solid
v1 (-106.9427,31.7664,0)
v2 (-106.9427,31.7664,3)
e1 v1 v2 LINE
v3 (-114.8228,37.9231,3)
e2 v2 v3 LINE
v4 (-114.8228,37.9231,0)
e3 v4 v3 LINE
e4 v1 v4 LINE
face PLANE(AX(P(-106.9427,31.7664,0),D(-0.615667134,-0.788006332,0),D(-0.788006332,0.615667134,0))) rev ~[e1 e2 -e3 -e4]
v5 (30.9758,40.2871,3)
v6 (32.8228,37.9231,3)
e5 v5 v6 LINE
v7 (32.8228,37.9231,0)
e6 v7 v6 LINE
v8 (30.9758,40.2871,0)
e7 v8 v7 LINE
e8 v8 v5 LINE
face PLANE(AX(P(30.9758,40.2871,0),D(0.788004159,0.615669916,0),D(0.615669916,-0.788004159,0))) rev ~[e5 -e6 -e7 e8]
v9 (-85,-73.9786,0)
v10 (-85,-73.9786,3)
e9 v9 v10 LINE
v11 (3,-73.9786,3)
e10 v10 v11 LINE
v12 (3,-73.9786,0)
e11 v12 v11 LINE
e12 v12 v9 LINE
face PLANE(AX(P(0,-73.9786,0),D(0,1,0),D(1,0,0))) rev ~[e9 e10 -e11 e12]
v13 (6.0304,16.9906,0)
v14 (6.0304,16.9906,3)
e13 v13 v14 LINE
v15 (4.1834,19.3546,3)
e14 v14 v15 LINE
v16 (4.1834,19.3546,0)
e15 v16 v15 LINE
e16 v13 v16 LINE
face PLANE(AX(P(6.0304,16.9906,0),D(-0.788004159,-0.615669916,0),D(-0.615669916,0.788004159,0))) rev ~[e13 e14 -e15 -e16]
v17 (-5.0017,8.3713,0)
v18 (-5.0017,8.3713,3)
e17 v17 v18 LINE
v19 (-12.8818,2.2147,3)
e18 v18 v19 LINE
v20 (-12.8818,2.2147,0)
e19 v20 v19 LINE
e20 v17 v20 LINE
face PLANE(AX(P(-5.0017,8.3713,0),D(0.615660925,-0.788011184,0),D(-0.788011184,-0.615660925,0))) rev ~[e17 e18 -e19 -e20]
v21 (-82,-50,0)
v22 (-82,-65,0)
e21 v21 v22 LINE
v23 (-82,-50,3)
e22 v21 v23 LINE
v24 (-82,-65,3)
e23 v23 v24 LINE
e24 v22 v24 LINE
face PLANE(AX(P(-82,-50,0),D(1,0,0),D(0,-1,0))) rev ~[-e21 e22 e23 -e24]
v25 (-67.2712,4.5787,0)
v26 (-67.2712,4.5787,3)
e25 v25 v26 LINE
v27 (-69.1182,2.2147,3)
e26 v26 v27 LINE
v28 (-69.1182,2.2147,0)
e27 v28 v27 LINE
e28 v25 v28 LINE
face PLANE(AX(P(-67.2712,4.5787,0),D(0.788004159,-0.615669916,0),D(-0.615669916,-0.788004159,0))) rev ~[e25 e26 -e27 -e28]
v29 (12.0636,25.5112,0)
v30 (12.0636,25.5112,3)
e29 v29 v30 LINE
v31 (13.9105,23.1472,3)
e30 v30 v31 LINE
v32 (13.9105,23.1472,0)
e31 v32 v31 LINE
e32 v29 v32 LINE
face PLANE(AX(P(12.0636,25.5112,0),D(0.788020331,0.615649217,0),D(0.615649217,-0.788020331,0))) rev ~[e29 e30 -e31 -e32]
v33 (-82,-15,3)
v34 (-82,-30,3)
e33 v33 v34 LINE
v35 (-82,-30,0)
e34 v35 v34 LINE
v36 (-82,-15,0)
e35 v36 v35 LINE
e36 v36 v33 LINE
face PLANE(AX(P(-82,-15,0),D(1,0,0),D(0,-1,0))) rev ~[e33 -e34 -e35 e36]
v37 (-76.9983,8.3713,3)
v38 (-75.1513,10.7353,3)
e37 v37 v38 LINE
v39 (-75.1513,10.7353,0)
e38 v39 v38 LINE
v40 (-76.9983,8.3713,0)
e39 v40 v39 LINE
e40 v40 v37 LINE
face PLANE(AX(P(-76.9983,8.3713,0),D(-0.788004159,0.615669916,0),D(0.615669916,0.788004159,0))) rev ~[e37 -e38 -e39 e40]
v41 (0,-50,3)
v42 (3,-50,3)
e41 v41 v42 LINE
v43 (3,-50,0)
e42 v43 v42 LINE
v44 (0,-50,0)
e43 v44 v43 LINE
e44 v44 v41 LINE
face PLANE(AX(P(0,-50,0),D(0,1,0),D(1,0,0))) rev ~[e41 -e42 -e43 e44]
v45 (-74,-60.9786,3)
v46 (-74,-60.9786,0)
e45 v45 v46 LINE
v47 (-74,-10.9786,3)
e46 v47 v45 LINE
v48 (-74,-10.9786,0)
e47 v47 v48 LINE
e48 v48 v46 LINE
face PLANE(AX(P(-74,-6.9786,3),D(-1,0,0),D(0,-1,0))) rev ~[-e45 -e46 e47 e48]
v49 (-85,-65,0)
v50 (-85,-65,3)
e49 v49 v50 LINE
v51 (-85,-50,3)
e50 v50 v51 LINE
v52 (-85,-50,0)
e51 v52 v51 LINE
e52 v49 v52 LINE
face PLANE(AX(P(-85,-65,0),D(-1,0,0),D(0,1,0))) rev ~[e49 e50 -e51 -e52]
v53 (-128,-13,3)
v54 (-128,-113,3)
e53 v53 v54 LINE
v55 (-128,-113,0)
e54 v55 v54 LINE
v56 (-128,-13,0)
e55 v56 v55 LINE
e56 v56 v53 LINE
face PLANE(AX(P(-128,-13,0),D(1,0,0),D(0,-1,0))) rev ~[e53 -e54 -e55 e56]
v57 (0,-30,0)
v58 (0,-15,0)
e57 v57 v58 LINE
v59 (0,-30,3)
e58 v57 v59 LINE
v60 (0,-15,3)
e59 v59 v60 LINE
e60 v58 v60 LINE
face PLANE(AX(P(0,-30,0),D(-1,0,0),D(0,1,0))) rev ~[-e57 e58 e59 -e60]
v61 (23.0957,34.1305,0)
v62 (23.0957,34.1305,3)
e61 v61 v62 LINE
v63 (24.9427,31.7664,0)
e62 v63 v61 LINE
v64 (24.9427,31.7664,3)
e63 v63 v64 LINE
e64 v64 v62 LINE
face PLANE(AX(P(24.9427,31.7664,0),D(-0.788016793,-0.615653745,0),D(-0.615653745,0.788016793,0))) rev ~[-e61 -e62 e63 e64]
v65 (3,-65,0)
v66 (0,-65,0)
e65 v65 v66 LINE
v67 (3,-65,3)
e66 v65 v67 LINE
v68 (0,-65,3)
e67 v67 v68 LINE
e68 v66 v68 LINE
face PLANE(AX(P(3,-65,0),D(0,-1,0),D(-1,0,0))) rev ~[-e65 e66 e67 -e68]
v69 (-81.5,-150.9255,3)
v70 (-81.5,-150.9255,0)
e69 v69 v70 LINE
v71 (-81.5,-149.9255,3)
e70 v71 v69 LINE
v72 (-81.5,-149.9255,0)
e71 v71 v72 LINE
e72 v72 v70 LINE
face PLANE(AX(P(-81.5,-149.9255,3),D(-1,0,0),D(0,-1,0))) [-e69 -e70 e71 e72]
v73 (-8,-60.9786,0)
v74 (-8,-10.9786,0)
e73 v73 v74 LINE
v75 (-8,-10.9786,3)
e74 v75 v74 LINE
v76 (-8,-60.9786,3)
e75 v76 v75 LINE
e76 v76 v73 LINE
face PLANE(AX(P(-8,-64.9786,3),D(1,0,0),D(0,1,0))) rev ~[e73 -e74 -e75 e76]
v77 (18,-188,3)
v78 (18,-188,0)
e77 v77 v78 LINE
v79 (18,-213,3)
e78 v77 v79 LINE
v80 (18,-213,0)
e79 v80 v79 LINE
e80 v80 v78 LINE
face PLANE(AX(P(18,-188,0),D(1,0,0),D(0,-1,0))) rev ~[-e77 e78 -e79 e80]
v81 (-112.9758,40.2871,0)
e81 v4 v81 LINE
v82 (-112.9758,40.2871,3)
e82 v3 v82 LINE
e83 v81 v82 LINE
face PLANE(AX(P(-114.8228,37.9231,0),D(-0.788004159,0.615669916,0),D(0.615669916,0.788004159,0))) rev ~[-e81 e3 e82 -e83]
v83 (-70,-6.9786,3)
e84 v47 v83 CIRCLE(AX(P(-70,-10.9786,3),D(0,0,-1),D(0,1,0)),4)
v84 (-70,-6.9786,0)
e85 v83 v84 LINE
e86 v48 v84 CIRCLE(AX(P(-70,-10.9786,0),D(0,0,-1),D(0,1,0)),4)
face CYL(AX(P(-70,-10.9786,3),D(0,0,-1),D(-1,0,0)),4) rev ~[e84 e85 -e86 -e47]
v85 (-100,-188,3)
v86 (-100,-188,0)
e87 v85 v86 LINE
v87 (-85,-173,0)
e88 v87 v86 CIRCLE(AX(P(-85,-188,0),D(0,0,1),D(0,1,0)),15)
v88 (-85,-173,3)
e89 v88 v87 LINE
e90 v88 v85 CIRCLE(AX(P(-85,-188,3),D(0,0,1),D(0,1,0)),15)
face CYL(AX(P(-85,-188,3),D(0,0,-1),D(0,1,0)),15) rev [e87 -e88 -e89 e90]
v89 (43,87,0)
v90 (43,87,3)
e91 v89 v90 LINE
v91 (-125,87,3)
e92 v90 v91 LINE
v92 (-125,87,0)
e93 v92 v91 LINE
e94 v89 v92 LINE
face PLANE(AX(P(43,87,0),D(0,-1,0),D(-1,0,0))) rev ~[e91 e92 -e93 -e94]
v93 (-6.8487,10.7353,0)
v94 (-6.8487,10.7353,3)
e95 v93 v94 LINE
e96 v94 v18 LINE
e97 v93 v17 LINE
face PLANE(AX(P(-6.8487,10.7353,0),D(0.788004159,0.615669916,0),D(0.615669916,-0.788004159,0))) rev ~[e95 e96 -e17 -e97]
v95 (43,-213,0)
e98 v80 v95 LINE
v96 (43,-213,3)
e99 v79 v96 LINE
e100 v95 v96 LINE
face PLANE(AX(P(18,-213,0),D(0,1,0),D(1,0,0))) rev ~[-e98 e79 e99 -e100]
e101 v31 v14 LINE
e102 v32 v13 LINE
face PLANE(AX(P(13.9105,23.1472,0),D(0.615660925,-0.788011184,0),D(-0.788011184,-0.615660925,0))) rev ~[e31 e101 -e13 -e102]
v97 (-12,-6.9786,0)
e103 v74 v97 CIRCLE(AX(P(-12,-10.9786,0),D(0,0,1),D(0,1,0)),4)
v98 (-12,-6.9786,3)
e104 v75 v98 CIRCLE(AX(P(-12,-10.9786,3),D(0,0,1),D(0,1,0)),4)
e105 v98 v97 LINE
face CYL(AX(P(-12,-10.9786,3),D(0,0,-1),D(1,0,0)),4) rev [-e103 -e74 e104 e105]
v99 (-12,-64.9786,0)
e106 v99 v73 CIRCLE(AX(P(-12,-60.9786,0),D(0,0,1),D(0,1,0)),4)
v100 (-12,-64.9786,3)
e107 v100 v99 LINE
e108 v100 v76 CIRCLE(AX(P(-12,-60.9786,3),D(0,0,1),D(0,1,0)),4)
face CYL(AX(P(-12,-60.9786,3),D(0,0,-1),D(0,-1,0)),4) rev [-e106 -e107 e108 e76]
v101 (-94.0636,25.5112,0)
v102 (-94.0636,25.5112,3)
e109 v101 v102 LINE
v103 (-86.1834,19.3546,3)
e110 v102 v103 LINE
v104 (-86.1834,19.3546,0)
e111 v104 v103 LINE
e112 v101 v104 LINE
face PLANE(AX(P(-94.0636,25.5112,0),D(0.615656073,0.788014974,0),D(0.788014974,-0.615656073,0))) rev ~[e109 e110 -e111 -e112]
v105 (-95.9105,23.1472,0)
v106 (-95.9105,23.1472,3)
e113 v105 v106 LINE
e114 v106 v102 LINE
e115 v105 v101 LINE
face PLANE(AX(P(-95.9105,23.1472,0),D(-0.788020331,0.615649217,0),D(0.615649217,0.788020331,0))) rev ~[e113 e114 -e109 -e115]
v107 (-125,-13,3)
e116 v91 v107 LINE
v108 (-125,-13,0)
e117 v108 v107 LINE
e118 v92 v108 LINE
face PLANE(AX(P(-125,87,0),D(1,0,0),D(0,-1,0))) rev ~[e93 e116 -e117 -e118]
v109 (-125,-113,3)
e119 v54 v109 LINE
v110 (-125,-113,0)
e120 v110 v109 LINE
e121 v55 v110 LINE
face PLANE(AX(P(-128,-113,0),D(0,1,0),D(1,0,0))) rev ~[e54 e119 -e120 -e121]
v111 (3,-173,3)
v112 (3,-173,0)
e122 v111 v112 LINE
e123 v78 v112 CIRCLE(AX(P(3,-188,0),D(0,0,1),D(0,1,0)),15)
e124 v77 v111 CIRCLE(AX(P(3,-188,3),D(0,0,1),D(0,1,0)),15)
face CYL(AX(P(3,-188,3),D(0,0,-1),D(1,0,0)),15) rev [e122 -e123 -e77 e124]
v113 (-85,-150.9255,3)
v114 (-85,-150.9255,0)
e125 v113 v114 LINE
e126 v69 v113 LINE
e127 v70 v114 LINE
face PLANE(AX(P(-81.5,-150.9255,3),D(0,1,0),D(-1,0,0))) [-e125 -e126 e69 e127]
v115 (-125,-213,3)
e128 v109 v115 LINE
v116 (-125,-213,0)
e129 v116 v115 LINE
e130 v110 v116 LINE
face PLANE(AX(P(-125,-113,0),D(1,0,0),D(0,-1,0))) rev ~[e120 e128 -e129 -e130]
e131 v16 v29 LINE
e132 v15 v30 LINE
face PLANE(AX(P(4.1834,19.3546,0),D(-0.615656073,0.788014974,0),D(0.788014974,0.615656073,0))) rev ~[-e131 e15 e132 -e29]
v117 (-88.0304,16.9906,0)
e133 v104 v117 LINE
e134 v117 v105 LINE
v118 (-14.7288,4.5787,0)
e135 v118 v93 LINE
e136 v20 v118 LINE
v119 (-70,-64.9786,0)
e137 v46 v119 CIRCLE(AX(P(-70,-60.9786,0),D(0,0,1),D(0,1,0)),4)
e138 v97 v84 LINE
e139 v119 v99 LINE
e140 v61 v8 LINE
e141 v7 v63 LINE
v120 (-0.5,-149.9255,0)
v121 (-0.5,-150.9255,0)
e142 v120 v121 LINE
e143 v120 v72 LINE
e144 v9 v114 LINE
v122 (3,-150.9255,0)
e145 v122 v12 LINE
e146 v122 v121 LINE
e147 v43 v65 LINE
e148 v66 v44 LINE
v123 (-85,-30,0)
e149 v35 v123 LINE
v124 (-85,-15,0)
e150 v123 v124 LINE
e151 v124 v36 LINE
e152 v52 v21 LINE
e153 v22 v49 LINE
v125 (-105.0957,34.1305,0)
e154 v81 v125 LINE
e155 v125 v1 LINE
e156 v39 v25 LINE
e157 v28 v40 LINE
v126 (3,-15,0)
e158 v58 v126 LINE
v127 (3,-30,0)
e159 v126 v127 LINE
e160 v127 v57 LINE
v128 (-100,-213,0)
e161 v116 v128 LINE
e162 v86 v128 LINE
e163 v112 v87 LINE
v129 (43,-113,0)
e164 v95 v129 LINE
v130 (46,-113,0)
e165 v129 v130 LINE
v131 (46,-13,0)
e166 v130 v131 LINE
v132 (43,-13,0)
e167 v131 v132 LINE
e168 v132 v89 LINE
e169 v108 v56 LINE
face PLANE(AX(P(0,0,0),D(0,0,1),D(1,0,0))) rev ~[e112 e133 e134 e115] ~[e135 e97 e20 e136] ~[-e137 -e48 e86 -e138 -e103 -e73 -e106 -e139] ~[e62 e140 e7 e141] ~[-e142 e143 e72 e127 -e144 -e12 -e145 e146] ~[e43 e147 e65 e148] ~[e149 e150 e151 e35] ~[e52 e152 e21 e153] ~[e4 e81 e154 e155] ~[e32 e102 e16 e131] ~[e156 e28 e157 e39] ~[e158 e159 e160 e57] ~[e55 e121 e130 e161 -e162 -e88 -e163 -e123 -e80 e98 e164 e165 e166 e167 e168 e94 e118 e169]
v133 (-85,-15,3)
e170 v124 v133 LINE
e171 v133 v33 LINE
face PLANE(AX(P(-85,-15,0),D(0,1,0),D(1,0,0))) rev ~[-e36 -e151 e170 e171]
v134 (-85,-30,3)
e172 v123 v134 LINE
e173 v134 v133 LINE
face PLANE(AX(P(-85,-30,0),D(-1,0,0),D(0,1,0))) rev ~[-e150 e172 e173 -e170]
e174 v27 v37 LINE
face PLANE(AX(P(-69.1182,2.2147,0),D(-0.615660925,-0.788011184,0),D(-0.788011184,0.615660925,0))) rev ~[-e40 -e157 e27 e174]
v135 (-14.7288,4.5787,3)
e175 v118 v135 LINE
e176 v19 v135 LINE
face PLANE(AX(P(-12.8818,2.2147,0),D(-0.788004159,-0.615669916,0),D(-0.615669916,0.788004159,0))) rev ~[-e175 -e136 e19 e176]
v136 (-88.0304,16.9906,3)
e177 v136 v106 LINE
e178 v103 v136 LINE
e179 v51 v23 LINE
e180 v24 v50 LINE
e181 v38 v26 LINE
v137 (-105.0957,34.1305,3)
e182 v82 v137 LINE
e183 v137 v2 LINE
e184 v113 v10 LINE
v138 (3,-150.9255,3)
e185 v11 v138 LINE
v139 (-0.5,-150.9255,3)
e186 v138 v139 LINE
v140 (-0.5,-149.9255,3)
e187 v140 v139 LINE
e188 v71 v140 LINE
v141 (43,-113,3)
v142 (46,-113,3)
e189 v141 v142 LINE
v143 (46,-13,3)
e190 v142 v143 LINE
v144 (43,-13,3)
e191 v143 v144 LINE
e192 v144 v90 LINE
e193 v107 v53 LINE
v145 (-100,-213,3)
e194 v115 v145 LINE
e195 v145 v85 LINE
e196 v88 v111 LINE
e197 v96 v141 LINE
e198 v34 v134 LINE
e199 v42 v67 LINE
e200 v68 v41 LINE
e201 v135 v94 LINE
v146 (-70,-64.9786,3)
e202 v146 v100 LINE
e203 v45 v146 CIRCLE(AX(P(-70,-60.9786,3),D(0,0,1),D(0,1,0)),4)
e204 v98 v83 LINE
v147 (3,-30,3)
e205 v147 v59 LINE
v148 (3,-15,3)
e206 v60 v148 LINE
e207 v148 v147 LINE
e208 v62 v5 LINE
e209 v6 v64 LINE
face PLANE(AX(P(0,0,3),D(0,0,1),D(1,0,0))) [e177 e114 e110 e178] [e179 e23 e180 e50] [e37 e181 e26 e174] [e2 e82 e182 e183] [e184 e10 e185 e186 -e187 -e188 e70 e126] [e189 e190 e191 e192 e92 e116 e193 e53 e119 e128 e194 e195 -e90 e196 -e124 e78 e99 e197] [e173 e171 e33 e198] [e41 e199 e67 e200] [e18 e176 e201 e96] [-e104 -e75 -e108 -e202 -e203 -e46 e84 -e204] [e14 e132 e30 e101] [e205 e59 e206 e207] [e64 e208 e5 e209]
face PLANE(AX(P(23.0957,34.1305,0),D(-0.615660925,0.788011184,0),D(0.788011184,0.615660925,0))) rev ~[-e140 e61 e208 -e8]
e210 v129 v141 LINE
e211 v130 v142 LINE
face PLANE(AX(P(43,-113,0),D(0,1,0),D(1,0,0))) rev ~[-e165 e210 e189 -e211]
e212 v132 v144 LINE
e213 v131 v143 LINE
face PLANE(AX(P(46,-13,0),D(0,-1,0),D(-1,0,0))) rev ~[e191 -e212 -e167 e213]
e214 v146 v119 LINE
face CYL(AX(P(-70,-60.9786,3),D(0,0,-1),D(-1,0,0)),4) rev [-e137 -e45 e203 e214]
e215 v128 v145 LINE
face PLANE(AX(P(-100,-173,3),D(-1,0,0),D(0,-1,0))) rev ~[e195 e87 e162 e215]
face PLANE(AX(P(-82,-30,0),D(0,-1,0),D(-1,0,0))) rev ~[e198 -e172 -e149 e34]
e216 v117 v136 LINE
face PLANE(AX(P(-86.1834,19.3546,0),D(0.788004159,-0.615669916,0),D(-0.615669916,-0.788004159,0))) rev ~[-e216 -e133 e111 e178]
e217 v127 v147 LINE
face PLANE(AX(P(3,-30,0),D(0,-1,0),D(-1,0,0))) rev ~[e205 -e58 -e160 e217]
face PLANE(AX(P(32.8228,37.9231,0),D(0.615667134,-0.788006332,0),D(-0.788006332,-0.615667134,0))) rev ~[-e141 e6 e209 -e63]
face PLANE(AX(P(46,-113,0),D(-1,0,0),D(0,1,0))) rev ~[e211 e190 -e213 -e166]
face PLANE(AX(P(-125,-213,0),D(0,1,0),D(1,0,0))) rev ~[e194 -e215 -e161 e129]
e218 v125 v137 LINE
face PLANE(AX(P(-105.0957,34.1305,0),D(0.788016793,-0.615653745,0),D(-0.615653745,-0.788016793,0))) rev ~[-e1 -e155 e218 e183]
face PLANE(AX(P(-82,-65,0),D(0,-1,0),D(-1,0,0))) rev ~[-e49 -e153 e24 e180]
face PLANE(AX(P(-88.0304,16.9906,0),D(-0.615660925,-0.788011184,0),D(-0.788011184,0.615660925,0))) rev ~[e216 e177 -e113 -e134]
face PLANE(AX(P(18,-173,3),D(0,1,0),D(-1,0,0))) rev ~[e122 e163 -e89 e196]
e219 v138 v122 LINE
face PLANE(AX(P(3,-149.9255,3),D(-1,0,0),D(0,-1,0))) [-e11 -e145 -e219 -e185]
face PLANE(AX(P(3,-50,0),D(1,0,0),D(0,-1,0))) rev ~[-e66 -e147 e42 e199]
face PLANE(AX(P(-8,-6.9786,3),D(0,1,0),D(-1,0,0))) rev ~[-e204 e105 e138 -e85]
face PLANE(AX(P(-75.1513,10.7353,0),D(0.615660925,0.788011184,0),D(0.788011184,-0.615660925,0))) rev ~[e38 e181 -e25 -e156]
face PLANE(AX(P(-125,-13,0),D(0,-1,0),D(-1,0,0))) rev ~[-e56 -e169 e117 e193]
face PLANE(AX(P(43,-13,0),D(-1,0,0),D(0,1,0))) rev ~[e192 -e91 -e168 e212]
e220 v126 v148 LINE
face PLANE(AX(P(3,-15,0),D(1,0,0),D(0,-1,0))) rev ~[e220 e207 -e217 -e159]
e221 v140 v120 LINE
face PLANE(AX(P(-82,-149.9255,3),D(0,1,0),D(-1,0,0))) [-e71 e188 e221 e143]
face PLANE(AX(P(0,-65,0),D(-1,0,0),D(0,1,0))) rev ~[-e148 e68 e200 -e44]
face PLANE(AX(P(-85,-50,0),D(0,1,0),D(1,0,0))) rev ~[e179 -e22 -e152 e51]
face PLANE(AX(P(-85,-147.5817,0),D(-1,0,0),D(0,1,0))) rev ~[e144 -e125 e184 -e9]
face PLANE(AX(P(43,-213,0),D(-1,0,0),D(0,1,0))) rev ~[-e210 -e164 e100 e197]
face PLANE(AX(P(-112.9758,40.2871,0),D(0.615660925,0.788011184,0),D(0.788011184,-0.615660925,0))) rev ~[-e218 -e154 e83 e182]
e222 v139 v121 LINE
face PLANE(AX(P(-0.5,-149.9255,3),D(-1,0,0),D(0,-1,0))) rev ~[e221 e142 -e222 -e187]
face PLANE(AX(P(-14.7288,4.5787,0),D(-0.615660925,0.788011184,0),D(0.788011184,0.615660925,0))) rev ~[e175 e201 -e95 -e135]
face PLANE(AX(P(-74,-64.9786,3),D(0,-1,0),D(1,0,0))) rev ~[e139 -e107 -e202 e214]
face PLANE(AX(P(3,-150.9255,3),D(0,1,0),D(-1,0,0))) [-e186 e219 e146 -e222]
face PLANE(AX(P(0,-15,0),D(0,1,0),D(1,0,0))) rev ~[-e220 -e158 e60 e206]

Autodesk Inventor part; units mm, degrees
ref_plane "YZ Plane" through (0, 0, 0) normal (1, 0, 0) x (0, 1, 0)
ref_plane "XZ Plane" through (0, 0, 0) normal (0, 1, 0) x (-1, 0, 0)
ref_plane "XY Plane" through (0, 0, 0) normal (0, 0, 1) x (1, 0, 0)
sketch "Sketch1" plane through (0, 0, 0) normal (0, 0, 1) x (1, 0, 0)
  line L0 (-76.9983, 8.3713) -> (-75.1513, 10.7353) projected
  line L1 (-75.1513, 10.7353) -> (-67.2712, 4.5787) projected
  line L2 (-67.2712, 4.5787) -> (-69.1182, 2.2147) projected
  line L3 (-69.1182, 2.2147) -> (-76.9983, 8.3713) projected
  line L4 (-86.1834, 19.3546) -> (-88.0304, 16.9906) projected
  line L5 (-88.0304, 16.9906) -> (-95.9105, 23.1472) projected
  line L6 (-95.9105, 23.1472) -> (-94.0636, 25.5112) projected
  line L7 (-94.0636, 25.5112) -> (-86.1834, 19.3546) projected
  line L8 (-106.9427, 31.7664) -> (-114.8228, 37.9231) projected
  line L9 (-114.8228, 37.9231) -> (-112.9758, 40.2871) projected
  line L10 (-112.9758, 40.2871) -> (-105.0957, 34.1305) projected
  line L11 (-105.0957, 34.1305) -> (-106.9427, 31.7664) projected
  line L12 (-6.8487, 10.7353) -> (-5.0017, 8.3713) projected
  line L13 (-5.0017, 8.3713) -> (-12.8818, 2.2147) projected
  line L14 (-12.8818, 2.2147) -> (-14.7288, 4.5787) projected
  line L15 (-14.7288, 4.5787) -> (-6.8487, 10.7353) projected
  line L16 (6.0304, 16.9906) -> (4.1834, 19.3546) projected
  line L17 (4.1834, 19.3546) -> (12.0636, 25.5112) projected
  line L18 (12.0636, 25.5112) -> (13.9105, 23.1472) projected
  line L19 (13.9105, 23.1472) -> (6.0304, 16.9906) projected
  line L20 (32.8228, 37.9231) -> (24.9427, 31.7664) projected
  line L21 (24.9427, 31.7664) -> (23.0957, 34.1305) projected
  line L22 (23.0957, 34.1305) -> (30.9758, 40.2871) projected
  line L23 (30.9758, 40.2871) -> (32.8228, 37.9231) projected
  line L24 (-82, 0) -> (-82, -73.9786) construction
  line L25 (-82, -73.9786) -> (-82, -147.5817) construction
  line L26 (-82, -147.5817) -> (-85, -147.5817)
  line L27 (-85, -147.5817) -> (-85, -73.9786)
  line L28 (-85, -73.9786) -> (-85, 0) construction
  line L29 (-85, 0) -> (-82, 0) construction
  line L30 (-85, -73.9786) -> (-82, -73.9786)
  line L31 (3, 0) -> (3, -73.9786) construction
  line L32 (3, -73.9786) -> (3, -147.5817)
  line L33 (3, -147.5817) -> (0, -147.5817)
  line L34 (0, -147.5817) -> (0, -73.9786) construction
  line L35 (0, -73.9786) -> (0, 0) construction
  line L36 (0, 0) -> (3, 0) construction
  line L37 (0, -73.9786) -> (3, -73.9786)
  line L38 (-82, -143.7746) -> (0, -143.7746) construction
  line L39 (0, -143.7746) -> (0, -147.5817)
  line L40 (0, -147.5817) -> (-82, -147.5817)
  line L41 (-82, -147.5817) -> (-82, -143.7746)
  line L42 (-82, -73.9786) -> (0, -73.9786)
  line L43 (-85, -65) -> (-85, -50) projected
  line L44 (-85, -50) -> (-82, -50) projected
  line L45 (-82, -50) -> (-82, -65) projected
  line L46 (-82, -65) -> (-85, -65) projected
  line L47 (3, -50) -> (3, -65) projected
  line L48 (3, -65) -> (0, -65) projected
  line L49 (0, -65) -> (0, -50) projected
  line L50 (0, -50) -> (3, -50) projected
  line L51 (-82, -30) -> (-85, -30) projected
  line L52 (-85, -30) -> (-85, -15) projected
  line L53 (-85, -15) -> (-82, -15) projected
  line L54 (-82, -15) -> (-82, -30) projected
  line L55 (3, -30) -> (0, -30) projected
  line L56 (0, -30) -> (0, -15) projected
  line L57 (0, -15) -> (3, -15) projected
  line L58 (3, -15) -> (3, -30) projected
  line L59 (43, 87) -> (-125, 87) projected
  line L60 (-128, -13) -> (-128, -113) projected
  line L61 (18, -213) -> (43, -213) projected
  line L62 (46, -113) -> (46, -13) projected
  line L63 (-125, -113) -> (-125, -213) projected
  line L64 (43, -213) -> (43, -113) projected
  line L65 (43, -113) -> (46, -113) projected
  line L66 (46, -13) -> (43, -13) projected
  line L67 (43, -13) -> (43, 87) projected
  line L68 (-125, 87) -> (-125, -13) projected
  line L69 (-125, -13) -> (-128, -13) projected
  line L70 (-128, -113) -> (-125, -113) projected
  line L71 (-100, -213) -> (-100, -188) projected
  arc A0 (-85, -173) -> (-100, -188) centre (-85, -188) ccw projected
  line L72 (-85, -173) -> (3, -173) projected
  arc A1 (18, -188) -> (3, -173) centre (3, -188) ccw projected
  line L73 (18, -188) -> (18, -213) projected
  line L74 (-125, -213) -> (-100, -213) projected
extrude "Extrusion1" add sketch "Sketch1" along normal blind 3
sketch "Sketch2" plane through (0, 0, 3) normal (0, 0, 1) x (1, 0, 0)
  line L0 (-82, -76.3225) -> (-82, -149.9255)
  line L1 (-82, -149.9255) -> (-85, -149.9255)
  line L2 (-85, -149.9255) -> (-85, -76.3225)
  line L3 (-85, -76.3225) -> (-82, -76.3225)
  line L4 (-82, -146.1185) -> (0, -146.1185)
  line L5 (0, -146.1185) -> (0, -149.9255)
  line L6 (0, -149.9255) -> (-82, -149.9255)
  line L7 (-82, -149.9255) -> (-82, -146.1185)
  line L8 (3, -76.3225) -> (3, -149.9255)
  line L9 (3, -149.9255) -> (0, -149.9255)
  line L10 (0, -149.9255) -> (0, -76.3225)
  line L11 (0, -76.3225) -> (3, -76.3225)
  point P0 (0, 0)
extrude "Extrusion2" cut sketch "Sketch2" against normal blind 10
sketch "Sketch4" plane through (0, 0, 3) normal (0, 0, 1) x (1, 0, 0)
  line L0 (-85, -149.9255) -> (3, -149.9255) projected
  line L1 (-85, -149.9255) -> (3, -149.9255)
  line L2 (3, -149.9255) -> (3, -150.9255)
  line L3 (3, -150.9255) -> (-85, -150.9255)
  line L4 (-85, -150.9255) -> (-85, -149.9255)
  line L5 (3, -73.9786) -> (3, -149.9255) projected
  line L6 (3, -149.9255) -> (-85, -149.9255) projected
  line L7 (-0.5, -149.9255) -> (-0.5, -150.9255)
  line L8 (-81.5, -149.9255) -> (-81.5, -150.9255)
  point P0 (0, 0)
  point P1 (3, -149.9255)
  dimension "d6" = 1
  dimension "d22" = 3.5
  dimension "d23" = 3.5
extrude "Extrusion4" cut sketch "Sketch4" against normal blind 10 contours L0 L8 L3 L4 | L0 L2 L3 L7
sketch "Sketch6" plane through (0, 0, 3) normal (0, 0, 1) x (1, 0, 0)
  line L0 (-100, -213) -> (18, -213)
  line L1 (18, -213) -> (18, -173)
  line L2 (18, -173) -> (-100, -173)
  line L3 (-100, -173) -> (-100, -213)
  line L4 (-125, -113) -> (-125, -213) projected
  line L5 (43, -213) -> (43, -113) projected
  line L6 (-125, -213) -> (43, -213) projected
  point P0 (0, 0)
  dimension "d9" = 25
  dimension "d10" = 25
  dimension "d11" = 40
extrude "Extrusion5" cut sketch "Sketch6" against normal blind 10
fillet "Fillet1" radius 15 2 edges at (-100, -173, 1.5) (18, -173, 1.5)
sketch "Sketch7" plane through (0, 0, 3) normal (0, 0, 1) x (1, 0, 0)
  line L0 (-74, -64.9786) -> (-8, -64.9786)
  line L1 (-8, -64.9786) -> (-8, -6.9786)
  line L2 (-8, -6.9786) -> (-74, -6.9786)
  line L3 (-74, -6.9786) -> (-74, -64.9786)
  line L4 (0, -65) -> (0, -50) projected
  line L5 (-82, -50) -> (-82, -65) projected
  line L6 (-85, -73.9786) -> (3, -73.9786) projected
  dimension "d15" = 8
  dimension "d16" = 8
  dimension "d17" = 9
  dimension "d18" = 58
extrude "Extrusion6" cut sketch "Sketch7" against normal blind 10
fillet "Fillet2" radius 4 4 edges at (-74, -6.9786, 1.5) (-8, -6.9786, 1.5) (-8, -64.9786, 1.5) (-74, -64.9786, 1.5)
properties part number "Pared_Frontal"
